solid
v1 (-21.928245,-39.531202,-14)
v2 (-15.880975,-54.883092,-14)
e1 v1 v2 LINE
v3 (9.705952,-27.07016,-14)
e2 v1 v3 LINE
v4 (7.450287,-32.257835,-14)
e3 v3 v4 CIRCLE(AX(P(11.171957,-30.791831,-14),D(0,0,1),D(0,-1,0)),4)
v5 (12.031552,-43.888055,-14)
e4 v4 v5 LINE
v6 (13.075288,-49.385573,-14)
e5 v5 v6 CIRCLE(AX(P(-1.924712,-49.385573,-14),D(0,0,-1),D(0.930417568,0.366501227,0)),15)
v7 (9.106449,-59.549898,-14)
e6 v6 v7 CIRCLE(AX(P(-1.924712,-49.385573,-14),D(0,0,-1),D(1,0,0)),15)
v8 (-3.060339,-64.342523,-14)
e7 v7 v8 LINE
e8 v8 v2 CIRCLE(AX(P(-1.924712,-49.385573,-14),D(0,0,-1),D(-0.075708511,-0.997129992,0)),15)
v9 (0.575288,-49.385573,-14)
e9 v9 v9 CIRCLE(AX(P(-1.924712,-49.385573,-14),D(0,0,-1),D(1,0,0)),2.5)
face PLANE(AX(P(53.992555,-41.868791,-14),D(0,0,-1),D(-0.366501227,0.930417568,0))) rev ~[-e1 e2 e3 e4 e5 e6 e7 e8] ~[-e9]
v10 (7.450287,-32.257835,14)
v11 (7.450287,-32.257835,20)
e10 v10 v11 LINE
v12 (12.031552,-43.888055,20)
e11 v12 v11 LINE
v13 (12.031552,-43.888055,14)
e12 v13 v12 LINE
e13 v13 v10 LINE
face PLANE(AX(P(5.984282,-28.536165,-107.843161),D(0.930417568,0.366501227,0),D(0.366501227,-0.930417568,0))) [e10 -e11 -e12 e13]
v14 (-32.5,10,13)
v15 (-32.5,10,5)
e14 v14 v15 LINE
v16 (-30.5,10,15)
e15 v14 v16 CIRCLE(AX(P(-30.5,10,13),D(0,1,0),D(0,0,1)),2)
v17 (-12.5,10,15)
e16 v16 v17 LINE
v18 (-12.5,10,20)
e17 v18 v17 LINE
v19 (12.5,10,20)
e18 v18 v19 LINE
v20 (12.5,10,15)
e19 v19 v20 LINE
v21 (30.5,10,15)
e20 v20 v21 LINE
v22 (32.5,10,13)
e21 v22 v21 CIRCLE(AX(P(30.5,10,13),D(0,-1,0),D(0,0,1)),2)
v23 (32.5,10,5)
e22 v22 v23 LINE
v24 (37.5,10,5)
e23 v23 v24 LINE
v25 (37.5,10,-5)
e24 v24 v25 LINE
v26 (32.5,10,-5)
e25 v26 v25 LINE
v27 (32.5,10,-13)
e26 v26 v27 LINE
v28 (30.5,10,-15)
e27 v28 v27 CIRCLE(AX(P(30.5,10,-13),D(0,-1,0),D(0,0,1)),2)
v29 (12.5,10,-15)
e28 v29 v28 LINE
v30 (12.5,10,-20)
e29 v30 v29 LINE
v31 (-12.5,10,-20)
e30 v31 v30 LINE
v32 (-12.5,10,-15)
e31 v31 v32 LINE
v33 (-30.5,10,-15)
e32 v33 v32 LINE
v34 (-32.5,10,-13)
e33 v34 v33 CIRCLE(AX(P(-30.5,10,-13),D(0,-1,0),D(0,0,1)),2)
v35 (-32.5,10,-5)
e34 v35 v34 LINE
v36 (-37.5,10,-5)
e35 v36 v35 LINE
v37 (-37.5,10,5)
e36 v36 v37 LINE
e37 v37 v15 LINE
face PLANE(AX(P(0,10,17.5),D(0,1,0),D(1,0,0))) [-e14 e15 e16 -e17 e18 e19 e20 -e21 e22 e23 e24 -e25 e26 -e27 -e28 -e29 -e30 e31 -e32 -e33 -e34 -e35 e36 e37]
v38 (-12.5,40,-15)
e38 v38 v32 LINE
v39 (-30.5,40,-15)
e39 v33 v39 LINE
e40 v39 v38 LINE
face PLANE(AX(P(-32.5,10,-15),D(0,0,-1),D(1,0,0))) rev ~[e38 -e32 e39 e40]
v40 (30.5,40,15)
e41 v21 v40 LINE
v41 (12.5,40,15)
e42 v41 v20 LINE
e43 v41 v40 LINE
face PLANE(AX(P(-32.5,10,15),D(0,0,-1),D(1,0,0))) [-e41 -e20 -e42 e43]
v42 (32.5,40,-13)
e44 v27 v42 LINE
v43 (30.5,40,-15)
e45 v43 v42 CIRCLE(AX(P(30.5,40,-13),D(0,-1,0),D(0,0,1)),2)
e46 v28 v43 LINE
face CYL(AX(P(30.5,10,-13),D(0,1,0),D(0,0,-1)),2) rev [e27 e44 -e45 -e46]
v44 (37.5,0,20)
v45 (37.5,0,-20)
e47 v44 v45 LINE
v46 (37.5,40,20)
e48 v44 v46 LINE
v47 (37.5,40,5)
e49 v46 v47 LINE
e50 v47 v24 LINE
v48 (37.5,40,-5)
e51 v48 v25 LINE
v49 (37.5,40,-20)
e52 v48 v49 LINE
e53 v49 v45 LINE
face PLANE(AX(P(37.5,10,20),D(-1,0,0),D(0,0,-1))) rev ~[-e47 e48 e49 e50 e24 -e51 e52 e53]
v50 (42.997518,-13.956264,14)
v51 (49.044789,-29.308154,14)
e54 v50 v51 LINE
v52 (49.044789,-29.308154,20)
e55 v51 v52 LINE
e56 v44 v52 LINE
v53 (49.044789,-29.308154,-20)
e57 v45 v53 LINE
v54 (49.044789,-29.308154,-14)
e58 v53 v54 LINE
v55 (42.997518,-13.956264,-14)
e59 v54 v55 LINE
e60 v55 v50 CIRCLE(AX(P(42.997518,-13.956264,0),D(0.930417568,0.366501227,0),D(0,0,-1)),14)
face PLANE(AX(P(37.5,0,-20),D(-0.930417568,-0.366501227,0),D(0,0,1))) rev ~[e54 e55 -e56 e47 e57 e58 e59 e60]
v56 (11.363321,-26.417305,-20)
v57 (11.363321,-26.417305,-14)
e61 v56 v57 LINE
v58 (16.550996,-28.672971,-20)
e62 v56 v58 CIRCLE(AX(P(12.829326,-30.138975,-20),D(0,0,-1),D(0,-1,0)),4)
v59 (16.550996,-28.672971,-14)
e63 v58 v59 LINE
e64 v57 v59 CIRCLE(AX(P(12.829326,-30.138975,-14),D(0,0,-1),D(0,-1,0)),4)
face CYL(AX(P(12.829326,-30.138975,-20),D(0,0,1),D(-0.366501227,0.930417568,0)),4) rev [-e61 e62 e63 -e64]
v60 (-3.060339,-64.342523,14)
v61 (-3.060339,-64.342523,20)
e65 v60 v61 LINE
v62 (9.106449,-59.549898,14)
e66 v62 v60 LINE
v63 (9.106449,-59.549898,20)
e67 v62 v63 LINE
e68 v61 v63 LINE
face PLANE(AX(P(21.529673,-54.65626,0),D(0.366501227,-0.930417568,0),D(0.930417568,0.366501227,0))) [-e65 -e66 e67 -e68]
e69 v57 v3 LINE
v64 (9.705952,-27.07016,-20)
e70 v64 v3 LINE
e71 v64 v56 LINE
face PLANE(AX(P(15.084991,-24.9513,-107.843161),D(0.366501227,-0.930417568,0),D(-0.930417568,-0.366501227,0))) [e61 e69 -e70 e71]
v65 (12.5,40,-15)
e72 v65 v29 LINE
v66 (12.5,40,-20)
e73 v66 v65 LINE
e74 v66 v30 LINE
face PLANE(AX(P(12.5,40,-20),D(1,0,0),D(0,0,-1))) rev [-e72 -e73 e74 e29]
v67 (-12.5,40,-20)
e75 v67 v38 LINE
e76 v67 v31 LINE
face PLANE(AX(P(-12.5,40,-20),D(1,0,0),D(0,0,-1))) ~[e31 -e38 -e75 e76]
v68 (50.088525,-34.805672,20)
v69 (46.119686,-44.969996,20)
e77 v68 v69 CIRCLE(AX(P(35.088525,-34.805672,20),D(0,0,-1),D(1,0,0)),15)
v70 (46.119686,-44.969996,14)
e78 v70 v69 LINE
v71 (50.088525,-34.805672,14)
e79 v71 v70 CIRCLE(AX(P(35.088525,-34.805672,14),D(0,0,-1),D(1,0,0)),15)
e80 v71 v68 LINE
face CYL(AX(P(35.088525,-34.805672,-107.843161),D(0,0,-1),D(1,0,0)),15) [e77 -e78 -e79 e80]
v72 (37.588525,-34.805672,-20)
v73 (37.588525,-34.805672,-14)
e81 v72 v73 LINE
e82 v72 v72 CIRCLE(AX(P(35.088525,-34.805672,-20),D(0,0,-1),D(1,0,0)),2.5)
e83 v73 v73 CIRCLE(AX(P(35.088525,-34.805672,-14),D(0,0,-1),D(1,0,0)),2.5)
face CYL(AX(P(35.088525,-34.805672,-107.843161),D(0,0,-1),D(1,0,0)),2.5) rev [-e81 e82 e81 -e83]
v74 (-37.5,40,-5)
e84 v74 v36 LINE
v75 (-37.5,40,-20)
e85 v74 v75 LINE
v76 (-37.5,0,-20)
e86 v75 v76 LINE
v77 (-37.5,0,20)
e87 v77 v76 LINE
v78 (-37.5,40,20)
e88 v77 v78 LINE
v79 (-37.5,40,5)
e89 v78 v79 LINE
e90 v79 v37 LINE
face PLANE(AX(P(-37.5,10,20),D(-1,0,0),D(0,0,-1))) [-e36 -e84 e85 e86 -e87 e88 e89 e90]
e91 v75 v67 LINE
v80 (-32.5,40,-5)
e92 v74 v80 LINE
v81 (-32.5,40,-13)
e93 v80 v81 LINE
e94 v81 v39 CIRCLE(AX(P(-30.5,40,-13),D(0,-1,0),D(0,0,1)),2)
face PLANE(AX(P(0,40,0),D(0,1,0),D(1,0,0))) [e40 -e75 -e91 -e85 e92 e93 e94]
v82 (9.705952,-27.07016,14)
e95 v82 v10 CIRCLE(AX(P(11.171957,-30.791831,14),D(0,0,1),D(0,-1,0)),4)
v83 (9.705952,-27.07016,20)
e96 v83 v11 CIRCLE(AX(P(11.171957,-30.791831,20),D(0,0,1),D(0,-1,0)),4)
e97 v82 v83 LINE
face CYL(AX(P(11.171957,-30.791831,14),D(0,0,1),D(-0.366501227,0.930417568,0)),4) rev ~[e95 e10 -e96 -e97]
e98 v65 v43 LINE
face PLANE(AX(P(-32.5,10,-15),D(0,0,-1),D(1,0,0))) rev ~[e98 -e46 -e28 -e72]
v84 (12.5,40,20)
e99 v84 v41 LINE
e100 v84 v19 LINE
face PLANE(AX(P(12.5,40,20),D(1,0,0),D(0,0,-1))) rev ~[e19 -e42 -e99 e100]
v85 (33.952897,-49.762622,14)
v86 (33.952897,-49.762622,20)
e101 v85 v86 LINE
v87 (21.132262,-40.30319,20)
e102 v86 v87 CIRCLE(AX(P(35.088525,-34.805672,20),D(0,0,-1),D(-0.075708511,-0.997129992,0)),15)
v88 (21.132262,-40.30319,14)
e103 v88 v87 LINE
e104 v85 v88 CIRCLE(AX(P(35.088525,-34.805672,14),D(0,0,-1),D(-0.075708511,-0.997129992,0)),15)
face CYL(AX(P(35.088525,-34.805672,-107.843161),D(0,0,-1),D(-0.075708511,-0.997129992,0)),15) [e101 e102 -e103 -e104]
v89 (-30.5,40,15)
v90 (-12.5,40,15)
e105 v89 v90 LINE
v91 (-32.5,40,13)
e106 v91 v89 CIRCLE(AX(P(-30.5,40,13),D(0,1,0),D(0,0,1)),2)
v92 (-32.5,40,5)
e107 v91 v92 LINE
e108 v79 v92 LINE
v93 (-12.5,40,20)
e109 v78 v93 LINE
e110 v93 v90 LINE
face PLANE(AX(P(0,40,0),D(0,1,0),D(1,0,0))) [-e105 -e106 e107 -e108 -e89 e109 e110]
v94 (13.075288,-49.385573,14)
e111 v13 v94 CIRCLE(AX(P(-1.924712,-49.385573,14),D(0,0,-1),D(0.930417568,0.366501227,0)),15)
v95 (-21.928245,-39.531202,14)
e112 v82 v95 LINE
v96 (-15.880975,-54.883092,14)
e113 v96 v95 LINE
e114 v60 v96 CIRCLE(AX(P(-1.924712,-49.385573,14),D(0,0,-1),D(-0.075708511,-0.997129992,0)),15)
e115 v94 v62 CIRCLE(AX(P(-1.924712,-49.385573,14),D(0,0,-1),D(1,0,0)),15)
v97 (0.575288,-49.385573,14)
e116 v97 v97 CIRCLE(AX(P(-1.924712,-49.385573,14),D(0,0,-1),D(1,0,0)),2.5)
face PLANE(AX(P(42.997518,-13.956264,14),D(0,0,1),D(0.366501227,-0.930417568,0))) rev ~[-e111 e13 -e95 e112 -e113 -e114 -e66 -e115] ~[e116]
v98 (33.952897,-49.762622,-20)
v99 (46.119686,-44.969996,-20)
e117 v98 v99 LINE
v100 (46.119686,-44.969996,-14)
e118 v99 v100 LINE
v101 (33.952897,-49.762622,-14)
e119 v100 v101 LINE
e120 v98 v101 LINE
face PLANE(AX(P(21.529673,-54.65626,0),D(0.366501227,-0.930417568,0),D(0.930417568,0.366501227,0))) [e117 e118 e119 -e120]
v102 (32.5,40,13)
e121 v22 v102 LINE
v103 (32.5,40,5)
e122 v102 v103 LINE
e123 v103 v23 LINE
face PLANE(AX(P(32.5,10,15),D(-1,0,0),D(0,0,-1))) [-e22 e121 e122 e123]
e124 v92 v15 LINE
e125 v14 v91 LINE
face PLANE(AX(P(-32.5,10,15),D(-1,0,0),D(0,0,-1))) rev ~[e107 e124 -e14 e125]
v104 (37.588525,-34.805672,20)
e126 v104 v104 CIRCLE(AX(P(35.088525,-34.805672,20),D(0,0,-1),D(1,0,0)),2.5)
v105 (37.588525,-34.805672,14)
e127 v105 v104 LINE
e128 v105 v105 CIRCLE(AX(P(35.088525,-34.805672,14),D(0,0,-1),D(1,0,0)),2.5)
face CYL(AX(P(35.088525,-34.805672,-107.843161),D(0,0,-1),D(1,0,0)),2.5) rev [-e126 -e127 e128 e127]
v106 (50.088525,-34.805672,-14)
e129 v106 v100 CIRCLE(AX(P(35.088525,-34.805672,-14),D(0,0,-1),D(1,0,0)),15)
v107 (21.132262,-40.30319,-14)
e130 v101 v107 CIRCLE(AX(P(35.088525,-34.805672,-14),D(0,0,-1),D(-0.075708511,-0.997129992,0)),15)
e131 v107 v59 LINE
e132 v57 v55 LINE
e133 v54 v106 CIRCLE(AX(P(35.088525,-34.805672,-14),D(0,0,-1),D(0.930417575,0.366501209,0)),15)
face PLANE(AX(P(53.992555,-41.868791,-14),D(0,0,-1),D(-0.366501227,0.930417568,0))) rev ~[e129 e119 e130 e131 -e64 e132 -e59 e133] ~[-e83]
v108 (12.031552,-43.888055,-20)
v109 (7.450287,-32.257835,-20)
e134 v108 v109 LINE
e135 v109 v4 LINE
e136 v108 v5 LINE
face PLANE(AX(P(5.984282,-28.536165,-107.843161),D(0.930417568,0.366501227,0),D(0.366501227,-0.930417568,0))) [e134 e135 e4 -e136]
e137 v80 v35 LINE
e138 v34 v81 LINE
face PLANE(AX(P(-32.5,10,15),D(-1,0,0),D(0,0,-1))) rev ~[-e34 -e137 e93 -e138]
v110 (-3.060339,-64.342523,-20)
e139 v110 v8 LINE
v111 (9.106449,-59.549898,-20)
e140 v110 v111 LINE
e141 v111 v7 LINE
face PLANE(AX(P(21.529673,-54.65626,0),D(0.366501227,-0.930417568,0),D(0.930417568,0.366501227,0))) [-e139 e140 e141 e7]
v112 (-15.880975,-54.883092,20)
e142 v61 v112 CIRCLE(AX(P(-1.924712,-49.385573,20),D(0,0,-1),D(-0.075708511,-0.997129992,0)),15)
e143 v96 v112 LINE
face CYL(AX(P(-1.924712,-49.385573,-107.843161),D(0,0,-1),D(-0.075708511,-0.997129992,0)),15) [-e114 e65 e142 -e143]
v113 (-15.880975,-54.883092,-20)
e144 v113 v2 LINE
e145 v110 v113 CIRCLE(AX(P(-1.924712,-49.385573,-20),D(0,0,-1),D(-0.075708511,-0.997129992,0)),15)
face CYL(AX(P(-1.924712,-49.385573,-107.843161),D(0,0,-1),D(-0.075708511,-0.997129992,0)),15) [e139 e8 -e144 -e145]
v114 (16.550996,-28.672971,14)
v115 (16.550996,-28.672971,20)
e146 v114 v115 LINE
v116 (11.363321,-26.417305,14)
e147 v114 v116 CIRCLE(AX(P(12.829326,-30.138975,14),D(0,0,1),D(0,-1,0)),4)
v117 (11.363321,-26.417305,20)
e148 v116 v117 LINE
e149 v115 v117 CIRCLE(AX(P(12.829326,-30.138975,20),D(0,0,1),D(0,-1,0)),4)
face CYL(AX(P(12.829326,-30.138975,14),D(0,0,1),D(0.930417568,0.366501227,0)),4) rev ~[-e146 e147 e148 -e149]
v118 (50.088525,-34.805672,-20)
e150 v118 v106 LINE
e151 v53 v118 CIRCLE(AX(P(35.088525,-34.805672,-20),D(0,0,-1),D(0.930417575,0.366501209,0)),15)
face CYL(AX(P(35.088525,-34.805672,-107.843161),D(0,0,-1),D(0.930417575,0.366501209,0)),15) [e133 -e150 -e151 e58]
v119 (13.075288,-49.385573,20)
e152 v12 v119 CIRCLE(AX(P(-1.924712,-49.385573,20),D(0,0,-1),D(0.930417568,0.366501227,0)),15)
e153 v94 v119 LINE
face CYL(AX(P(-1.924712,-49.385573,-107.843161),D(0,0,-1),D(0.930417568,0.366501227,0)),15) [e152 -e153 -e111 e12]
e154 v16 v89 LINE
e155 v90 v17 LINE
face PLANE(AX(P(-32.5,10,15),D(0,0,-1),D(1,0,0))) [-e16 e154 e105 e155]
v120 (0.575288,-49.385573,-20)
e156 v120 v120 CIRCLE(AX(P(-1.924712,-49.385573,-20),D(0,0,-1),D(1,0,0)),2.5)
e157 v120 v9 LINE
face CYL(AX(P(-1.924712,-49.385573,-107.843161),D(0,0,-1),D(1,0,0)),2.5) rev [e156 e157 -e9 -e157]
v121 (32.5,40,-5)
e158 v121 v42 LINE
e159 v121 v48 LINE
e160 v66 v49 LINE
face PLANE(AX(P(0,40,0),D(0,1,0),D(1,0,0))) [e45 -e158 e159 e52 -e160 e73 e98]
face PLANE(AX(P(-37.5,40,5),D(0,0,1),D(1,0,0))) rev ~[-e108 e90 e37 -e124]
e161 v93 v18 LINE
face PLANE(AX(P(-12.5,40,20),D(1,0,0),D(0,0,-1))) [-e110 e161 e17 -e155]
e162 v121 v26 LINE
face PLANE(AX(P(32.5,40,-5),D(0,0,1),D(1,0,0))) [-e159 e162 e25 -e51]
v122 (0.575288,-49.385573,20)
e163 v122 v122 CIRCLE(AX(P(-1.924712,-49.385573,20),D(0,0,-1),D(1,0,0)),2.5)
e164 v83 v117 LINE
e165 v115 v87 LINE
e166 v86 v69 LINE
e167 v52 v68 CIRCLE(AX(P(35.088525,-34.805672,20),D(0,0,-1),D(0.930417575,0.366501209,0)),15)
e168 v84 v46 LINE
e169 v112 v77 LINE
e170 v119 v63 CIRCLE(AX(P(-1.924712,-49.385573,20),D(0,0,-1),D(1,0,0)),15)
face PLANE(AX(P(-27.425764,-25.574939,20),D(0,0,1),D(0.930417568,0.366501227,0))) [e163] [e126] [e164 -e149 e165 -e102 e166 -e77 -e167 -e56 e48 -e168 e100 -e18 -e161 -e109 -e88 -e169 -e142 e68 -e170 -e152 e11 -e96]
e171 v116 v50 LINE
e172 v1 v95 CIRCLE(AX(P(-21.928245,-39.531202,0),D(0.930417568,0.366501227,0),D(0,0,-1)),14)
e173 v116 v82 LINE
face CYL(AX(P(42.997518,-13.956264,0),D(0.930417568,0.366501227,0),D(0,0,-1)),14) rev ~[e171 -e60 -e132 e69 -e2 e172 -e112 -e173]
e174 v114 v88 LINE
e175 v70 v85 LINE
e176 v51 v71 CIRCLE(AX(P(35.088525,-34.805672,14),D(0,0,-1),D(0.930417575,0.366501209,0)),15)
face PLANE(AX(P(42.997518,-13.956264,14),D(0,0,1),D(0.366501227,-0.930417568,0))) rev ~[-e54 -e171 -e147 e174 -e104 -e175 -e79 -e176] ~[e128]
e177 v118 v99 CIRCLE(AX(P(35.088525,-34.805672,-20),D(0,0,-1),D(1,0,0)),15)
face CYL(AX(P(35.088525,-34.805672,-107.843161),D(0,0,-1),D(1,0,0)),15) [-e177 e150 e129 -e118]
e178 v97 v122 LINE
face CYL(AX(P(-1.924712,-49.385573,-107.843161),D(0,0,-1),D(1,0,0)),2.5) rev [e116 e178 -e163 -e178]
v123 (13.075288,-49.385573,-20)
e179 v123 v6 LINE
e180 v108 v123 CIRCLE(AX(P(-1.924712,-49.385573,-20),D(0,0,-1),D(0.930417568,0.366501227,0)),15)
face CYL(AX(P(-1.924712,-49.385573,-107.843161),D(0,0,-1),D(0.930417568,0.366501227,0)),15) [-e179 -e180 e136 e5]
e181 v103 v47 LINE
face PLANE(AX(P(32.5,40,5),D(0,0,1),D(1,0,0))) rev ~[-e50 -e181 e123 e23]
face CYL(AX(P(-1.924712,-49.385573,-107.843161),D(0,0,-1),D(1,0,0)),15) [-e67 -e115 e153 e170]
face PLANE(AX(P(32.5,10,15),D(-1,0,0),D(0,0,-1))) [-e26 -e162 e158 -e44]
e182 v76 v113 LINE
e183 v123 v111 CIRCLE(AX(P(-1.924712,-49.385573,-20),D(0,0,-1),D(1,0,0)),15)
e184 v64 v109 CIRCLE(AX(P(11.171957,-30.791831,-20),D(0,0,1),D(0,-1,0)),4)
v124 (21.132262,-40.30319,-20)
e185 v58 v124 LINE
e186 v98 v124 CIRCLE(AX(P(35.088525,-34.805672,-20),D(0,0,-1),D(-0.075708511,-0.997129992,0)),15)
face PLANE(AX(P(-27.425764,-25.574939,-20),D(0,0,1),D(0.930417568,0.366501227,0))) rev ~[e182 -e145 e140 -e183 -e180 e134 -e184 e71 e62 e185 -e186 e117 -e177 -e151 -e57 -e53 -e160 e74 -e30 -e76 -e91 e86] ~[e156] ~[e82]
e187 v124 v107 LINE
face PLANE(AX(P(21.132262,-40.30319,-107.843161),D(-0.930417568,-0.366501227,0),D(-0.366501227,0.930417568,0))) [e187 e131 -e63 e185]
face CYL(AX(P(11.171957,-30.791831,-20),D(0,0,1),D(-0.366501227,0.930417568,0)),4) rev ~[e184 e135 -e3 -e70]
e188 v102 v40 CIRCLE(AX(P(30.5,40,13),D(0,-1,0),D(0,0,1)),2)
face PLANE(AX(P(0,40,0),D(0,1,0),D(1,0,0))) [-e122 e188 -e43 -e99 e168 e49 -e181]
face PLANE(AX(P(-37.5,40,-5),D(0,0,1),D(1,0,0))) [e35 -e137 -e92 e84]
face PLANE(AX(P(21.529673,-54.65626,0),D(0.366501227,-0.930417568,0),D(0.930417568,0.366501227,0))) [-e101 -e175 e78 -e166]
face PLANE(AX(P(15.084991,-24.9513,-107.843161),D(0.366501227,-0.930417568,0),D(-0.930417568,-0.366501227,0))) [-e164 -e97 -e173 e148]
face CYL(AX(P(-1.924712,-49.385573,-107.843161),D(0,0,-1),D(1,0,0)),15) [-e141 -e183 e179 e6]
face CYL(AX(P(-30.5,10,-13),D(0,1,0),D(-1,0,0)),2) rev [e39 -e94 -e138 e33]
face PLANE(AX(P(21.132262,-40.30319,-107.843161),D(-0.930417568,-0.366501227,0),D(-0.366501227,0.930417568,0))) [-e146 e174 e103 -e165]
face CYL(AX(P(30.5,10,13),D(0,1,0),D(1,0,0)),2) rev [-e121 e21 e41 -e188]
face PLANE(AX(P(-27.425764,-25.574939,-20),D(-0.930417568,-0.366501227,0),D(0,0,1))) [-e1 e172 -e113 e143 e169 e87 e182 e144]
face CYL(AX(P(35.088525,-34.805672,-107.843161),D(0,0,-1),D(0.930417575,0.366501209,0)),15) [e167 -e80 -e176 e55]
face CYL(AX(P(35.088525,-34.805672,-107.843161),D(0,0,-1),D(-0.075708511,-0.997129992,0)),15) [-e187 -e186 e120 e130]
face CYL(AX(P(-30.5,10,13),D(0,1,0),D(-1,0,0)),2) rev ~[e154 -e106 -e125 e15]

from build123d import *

# Parameters (mm, degrees)
SKETCH_1_W               = 75
SKETCH_1_H               = 40
EXTRUDE_1_DEPTH          = 10
SKETCH_2_W               = 75
SKETCH_2_H               = 40
SKETCH_2_W_2             = 65
SKETCH_2_H_2             = 30
EXTRUDE_2_DEPTH          = 30
FILLET_2_R               = 2
SKETCH_3_W               = 5
SKETCH_3_H               = 5
CUT_EXTRUDE_1_DEPTH      = 30
EXTRUDE_3_REACH          = 72.682
SKETCH_4_W               = 40
SKETCH_4_H               = 69.781317598
SKETCH_5_W               = 69.781317598
SKETCH_5_H               = 40
EXTRUDE_4_DEPTH          = 45
CUT_EXTRUDE_2_DEPTH      = 109.313665007
CUT_EXTRUDE_3_DEPTH      = 93.843161337
CUT_EXTRUDE_3_DEPTH_BACK = 93.843161337
SKETCH_9_R               = 2.5
CUT_EXTRUDE_4_DEPTH      = 93.843161337
CUT_EXTRUDE_4_DEPTH_BACK = 93.843161337
FILLET_3_R               = 4
SKETCH_14_W              = 25
SKETCH_14_H              = 5
CUT_EXTRUDE_5_DEPTH      = 30


with BuildPart() as part:
    # 草图1 → 凸台-拉伸1 (new body)
    with BuildSketch(Plane(origin=(0, 0, 0), x_dir=(1, 0, 0), z_dir=(0, 1, 0))):
        Rectangle(SKETCH_1_W, SKETCH_1_H)
    extrude(amount=EXTRUDE_1_DEPTH)

    # 草图2 → 凸台-拉伸2 (add)
    with BuildSketch(Plane(origin=(0, 10, 0), x_dir=(1, 0, 0), z_dir=(0, 1, 0))):
        Rectangle(SKETCH_2_W, SKETCH_2_H)
        Rectangle(SKETCH_2_W_2, SKETCH_2_H_2, mode=Mode.SUBTRACT)
    extrude(amount=EXTRUDE_2_DEPTH)

    # 圆角2
    fillet_2_edges = [part.edges().sort_by_distance(p)[0] for p in [
        (32.5, 25, -15),
        (-32.5, 25, -15),
        (-32.5, 25, 15),
        (32.5, 25, 15),
    ]]
    fillet(fillet_2_edges, radius=FILLET_2_R)

    # 草图3 → 切除-拉伸1 (cut)
    with BuildSketch(Plane(origin=(0, 40, 0), x_dir=(1, 0, 0), z_dir=(0, 1, 0))):
        with Locations((-35, -2.5)):
            Rectangle(SKETCH_3_W, SKETCH_3_H)
        with Locations((-35, 2.5)):
            Rectangle(SKETCH_3_W, SKETCH_3_H)
        with Locations((35, -2.5)):
            Rectangle(SKETCH_3_W, SKETCH_3_H)
        with Locations((35, 2.5)):
            Rectangle(SKETCH_3_W, SKETCH_3_H)
    extrude(amount=-CUT_EXTRUDE_1_DEPTH, mode=Mode.SUBTRACT)

    # 凸台-拉伸3: up to this face of the body (flat: up to its plane)
    extrude_3_end = Plane(part.part.faces().sort_by_distance((0, 0, 0))[0])
    # 草图4 → 凸台-拉伸3 (add, up to the picked face)
    with BuildSketch(Plane(origin=(5.037118095, -12.787469251, 0), x_dir=(0, 0, -1), z_dir=(0.3665012267242981, -0.9304175679820242, 0)), mode=Mode.PRIVATE) as extrude_3_sk1:
        Rectangle(SKETCH_4_W, SKETCH_4_H)
    extrude_3_tool1 = split(extrude(extrude_3_sk1.sketch, amount=-EXTRUDE_3_REACH, mode=Mode.PRIVATE), bisect_by=extrude_3_end, keep=Keep.BOTH, mode=Mode.PRIVATE)
    add(extrude_3_tool1.solids().sort_by(Axis((5.037118, -12.787469, 0), (-0.3665012267242981, 0.9304175679820242, 0)))[0])

    # 草图5 → 凸台-拉伸4 (add)
    with BuildSketch(Plane(origin=(5.037118095, -12.787469251, 0), x_dir=(0.9304175679820242, 0.36650122672429813, 0), z_dir=(0.36650122672429813, -0.9304175679820244, 0))):
        Rectangle(SKETCH_5_W, SKETCH_5_H)
    extrude(amount=EXTRUDE_4_DEPTH)

    # 草图7 → 切除-拉伸2 (cut, through all)
    with BuildSketch(Plane(origin=(32.462881905, 12.787469251, 0), x_dir=(0, 0, -1), z_dir=(0.9304175679820242, 0.3665012267242982, 0))):
        with BuildLine():
            ThreePointArc((14, -28.743796002), (0, -14.743796002), (-14, -28.743796002))
            Line((-14, -28.743796002), (-14, -58.743796002))
            Line((-14, -58.743796002), (14, -58.743796002))
            Line((14, -58.743796002), (14, -28.743796002))
        make_face()
    extrude(amount=-CUT_EXTRUDE_2_DEPTH, mode=Mode.SUBTRACT)

    # 草图9 → 切除-拉伸3 (cut, two sides: drawn at the far end of the back side and taken through both)
    with BuildSketch(Plane.XY.offset(-14).offset(-CUT_EXTRUDE_3_DEPTH_BACK)):
        with Locations((-1.924711649, -49.385573493)):
            Circle(SKETCH_9_R)
        with Locations((35.088525122, -34.805671792)):
            Circle(SKETCH_9_R)
    extrude(amount=CUT_EXTRUDE_3_DEPTH + CUT_EXTRUDE_3_DEPTH_BACK, mode=Mode.SUBTRACT)

    # 草图11 → 切除-拉伸4 (cut, two sides: drawn at the far end of the back side and taken through both)
    with BuildSketch(Plane.XY.offset(-14).offset(-CUT_EXTRUDE_4_DEPTH_BACK)):
        with BuildLine():
            Line((5.98428163, -28.53616522), (12.031551871, -43.888055092))
            ThreePointArc((12.031551871, -43.888055092), (12.812044317, -46.587712953), (13.075288351, -49.385573493))
            ThreePointArc((13.075288351, -49.385573493), (12.047893904, -54.84142302), (9.106449143, -59.549897946))
            Line((9.106449143, -59.549897946), (33.952897452, -49.762621675))
            ThreePointArc((33.952897452, -49.762621675), (26.182824368, -46.875820676), (21.132261602, -40.303190193))
            Line((21.132261602, -40.303190193), (15.084991361, -24.951300321))
            Line((15.084991361, -24.951300321), (5.98428163, -28.53616522))
        make_face()
        with BuildLine():
            ThreePointArc((-3.06033932, -64.342523376), (-10.830412504, -61.455722303), (-15.880975261, -54.883091661))
            Line((-15.880975261, -54.883091661), (-10.933208608, -67.443729062))
            Line((-10.933208608, -67.443729062), (-3.06033932, -64.342523376))
        make_face()
        with BuildLine():
            Line((53.992555203, -41.868790559), (49.044788748, -29.308153662))
            ThreePointArc((49.044788748, -29.308153662), (49.825281115, -32.007811395), (50.088525122, -34.805671792))
            ThreePointArc((50.088525122, -34.805671792), (49.061130675, -40.261521319), (46.119685914, -44.969996245))
            Line((46.119685914, -44.969996245), (53.992555203, -41.868790559))
        make_face()
    extrude(amount=CUT_EXTRUDE_4_DEPTH + CUT_EXTRUDE_4_DEPTH_BACK, mode=Mode.SUBTRACT)

    # 圆角3
    fillet_3_edges = [part.edges().sort_by_distance(p)[0] for p in [
        (5.98428163, -28.53616522, 17),
        (5.98428163, -28.53616522, -17),
        (15.084991361, -24.951300321, 17),
        (15.084991361, -24.951300321, -17),
    ]]
    fillet(fillet_3_edges, radius=FILLET_3_R)

    # 草图14 → 切除-拉伸5 (cut)
    with BuildSketch(Plane(origin=(0, 40, 0), x_dir=(1, 0, 0), z_dir=(0, 1, 0))):
        with Locations((0, -17.5)):
            Rectangle(SKETCH_14_W, SKETCH_14_H)
    cut_extrude_5 = extrude(amount=-CUT_EXTRUDE_5_DEPTH, mode=Mode.SUBTRACT)

    # 镜向1: 切除-拉伸5 across plane
    add(cut_extrude_5.mirror(Plane.XY), mode=Mode.SUBTRACT)


solid = part.part
